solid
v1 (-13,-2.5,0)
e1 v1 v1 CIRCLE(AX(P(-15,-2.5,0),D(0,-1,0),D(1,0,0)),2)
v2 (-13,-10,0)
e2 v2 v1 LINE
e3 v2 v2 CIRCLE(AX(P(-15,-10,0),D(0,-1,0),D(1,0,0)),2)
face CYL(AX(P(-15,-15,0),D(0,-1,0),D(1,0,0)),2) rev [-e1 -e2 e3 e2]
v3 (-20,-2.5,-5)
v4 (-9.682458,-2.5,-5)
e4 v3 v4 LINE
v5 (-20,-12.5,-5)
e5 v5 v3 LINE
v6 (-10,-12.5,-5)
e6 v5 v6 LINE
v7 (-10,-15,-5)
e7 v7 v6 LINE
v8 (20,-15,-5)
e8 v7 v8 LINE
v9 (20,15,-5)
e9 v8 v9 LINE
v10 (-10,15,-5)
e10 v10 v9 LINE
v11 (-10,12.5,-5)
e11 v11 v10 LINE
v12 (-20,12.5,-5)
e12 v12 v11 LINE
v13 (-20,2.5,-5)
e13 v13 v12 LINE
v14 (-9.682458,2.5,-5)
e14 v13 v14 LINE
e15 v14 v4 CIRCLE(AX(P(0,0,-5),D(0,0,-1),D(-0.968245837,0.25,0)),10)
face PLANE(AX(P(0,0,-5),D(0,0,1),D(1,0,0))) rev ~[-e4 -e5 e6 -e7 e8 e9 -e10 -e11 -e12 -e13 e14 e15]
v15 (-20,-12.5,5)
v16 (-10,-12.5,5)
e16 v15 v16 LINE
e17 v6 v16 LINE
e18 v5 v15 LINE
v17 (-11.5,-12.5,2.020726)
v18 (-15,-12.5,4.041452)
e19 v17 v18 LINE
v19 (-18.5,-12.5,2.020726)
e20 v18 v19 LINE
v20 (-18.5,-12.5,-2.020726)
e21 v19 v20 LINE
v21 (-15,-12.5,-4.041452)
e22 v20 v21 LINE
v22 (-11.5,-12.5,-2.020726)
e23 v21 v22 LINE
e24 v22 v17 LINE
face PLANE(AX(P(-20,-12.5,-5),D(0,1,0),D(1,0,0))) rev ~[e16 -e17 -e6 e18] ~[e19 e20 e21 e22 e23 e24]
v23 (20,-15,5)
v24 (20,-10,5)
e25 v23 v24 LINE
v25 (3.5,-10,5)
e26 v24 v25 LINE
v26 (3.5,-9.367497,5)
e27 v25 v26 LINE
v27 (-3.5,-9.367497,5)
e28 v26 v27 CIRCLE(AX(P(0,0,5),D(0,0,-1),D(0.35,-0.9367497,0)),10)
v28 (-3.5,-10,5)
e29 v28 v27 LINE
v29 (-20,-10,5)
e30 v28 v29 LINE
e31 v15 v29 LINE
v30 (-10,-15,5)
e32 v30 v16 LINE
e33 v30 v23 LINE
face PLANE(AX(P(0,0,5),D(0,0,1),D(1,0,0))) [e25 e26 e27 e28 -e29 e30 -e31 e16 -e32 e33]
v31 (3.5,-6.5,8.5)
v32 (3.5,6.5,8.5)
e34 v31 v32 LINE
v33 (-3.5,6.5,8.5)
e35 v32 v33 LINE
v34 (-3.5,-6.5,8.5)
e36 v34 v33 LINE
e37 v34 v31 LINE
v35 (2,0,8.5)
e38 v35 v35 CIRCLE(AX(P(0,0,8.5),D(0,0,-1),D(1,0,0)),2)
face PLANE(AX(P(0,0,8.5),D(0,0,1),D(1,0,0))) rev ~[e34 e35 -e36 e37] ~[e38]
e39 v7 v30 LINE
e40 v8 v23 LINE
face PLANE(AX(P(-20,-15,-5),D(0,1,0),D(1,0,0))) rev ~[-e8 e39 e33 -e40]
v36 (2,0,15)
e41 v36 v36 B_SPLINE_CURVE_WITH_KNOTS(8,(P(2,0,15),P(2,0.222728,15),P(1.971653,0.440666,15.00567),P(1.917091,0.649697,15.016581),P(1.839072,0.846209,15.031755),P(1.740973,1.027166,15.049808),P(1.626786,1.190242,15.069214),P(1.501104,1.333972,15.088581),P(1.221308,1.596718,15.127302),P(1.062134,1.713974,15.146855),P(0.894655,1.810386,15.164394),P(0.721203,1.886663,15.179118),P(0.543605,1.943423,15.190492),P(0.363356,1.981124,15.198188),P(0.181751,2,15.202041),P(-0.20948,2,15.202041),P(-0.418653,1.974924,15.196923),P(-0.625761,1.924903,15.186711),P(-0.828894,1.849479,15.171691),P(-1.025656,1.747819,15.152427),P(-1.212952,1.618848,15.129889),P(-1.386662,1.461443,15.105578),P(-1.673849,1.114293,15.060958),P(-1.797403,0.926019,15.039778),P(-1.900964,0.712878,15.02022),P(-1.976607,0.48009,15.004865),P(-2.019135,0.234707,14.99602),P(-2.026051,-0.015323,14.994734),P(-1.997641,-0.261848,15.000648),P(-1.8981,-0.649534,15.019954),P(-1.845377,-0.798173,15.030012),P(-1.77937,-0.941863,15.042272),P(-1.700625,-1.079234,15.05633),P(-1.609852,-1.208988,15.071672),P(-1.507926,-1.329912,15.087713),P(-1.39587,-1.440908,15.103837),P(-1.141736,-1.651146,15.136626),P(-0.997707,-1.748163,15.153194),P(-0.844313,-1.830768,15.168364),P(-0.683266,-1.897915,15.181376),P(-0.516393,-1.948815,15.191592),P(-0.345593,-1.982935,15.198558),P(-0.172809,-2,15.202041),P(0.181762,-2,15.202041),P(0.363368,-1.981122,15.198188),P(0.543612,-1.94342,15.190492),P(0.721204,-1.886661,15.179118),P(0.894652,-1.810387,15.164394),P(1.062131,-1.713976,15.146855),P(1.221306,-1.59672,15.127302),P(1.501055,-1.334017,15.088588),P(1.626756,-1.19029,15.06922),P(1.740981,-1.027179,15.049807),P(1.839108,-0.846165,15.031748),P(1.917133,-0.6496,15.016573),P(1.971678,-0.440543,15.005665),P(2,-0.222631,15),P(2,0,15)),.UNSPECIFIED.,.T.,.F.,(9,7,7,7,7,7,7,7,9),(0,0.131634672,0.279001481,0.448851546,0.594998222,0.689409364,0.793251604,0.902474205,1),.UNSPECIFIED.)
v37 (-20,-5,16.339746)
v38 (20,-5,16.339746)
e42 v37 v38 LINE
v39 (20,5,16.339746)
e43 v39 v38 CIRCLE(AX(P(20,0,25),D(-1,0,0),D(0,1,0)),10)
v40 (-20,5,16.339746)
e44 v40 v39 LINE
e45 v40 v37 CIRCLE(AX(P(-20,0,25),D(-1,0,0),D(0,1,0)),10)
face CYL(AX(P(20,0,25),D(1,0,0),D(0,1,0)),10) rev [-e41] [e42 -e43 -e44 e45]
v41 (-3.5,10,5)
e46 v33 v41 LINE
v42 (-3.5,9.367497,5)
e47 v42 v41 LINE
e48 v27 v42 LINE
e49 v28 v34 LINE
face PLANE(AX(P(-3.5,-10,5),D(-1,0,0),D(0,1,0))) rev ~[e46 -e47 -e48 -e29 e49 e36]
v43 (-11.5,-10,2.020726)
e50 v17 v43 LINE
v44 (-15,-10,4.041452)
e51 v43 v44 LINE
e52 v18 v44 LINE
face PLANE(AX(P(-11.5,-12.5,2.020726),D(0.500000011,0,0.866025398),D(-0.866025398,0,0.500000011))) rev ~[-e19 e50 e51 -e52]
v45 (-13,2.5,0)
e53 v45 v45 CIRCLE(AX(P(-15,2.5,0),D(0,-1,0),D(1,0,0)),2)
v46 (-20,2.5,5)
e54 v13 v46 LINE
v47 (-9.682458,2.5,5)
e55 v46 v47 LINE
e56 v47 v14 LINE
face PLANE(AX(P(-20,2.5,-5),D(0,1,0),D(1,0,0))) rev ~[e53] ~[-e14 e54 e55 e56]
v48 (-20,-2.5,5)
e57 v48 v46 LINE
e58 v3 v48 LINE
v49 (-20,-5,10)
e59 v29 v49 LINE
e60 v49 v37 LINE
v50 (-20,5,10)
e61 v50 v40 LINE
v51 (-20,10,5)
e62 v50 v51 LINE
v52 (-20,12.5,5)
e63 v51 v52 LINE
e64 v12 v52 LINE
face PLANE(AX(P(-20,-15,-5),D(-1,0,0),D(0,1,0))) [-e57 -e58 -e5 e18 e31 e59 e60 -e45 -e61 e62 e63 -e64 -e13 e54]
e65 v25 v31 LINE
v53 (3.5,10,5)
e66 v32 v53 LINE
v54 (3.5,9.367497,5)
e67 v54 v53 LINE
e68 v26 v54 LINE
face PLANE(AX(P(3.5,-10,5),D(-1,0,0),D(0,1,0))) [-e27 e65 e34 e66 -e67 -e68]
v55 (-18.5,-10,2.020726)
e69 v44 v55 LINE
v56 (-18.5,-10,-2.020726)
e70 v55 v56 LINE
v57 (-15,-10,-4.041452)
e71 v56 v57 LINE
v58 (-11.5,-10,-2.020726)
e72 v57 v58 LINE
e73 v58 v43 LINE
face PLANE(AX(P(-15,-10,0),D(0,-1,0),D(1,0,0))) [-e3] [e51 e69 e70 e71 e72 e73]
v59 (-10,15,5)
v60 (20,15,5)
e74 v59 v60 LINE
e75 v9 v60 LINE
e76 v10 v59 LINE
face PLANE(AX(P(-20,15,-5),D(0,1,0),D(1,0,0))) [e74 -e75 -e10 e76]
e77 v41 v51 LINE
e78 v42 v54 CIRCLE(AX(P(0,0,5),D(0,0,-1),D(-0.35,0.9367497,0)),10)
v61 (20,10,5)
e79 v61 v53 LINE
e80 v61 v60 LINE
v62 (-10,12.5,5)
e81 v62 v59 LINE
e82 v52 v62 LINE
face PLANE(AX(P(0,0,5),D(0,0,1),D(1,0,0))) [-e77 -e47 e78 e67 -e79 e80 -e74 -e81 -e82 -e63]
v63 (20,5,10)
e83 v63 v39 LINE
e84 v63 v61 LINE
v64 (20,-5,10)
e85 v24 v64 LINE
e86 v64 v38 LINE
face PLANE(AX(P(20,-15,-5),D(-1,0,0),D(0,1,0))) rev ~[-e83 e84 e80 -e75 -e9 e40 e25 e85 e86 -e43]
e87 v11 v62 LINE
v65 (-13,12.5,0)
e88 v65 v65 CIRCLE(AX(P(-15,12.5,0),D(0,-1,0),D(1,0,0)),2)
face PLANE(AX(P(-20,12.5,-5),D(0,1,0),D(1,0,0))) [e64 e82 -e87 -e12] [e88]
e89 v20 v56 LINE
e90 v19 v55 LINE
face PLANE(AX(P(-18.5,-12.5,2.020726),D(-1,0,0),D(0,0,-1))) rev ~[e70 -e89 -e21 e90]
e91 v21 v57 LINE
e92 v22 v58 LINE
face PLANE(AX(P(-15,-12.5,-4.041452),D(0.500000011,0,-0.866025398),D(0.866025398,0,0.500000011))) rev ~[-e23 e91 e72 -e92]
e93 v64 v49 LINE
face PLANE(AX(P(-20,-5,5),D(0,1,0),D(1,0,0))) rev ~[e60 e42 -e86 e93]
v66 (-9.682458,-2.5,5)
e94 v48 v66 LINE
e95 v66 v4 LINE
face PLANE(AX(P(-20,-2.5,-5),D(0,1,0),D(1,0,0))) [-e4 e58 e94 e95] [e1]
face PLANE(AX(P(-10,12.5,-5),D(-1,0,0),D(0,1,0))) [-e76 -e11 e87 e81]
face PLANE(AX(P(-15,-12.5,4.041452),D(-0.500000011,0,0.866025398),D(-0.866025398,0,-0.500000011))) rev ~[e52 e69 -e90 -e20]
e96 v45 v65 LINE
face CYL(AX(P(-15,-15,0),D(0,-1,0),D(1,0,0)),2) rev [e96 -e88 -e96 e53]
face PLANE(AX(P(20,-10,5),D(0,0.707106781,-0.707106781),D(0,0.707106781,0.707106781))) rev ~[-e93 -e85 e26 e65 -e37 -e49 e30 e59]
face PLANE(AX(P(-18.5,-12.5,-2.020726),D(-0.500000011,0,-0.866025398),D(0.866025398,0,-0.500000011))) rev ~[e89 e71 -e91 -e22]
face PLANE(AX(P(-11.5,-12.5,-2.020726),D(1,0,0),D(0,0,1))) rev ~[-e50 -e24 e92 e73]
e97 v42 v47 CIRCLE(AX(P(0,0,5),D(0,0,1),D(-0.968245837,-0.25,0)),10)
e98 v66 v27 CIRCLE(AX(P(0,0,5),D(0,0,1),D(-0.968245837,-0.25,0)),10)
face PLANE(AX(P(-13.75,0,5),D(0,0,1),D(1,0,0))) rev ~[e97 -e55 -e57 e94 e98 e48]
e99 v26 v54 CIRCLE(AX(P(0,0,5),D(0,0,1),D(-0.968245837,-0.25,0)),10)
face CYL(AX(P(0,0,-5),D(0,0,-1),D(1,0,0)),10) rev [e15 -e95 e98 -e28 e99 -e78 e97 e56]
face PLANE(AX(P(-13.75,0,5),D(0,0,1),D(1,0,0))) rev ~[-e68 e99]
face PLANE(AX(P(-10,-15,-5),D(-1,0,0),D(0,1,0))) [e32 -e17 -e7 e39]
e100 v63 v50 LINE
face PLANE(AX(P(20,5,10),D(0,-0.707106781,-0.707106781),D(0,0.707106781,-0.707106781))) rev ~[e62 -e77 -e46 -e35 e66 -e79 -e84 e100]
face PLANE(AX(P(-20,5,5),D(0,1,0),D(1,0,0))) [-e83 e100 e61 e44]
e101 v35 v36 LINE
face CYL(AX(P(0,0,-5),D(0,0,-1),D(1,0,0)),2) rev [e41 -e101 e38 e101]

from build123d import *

# Parameters (mm, degrees)
BOX002_W               = 12.5
BOX002_H               = 5
BOX002_DEPTH           = 10
CYLINDER003_R          = 2
CYLINDER003_DEPTH      = 30
CYLINDER003_ROLL_ANGLE = -90
CYLINDER_R             = 2
CYLINDER_DEPTH         = 30
CYLINDER007_R          = 10
CYLINDER007_DEPTH      = 40
BOX008_W               = 10
BOX008_H               = 2.5
BOX008_DEPTH           = 10
BOX009_W               = 10
BOX009_H               = 2.5
BOX009_DEPTH           = 10
PAD_DEPTH              = 2.5
BOX010_W               = 7
BOX010_H               = 20
BOX010_DEPTH           = 3.5
CYLINDER001_R          = 10
CYLINDER001_DEPTH      = 10
PAD001_DEPTH           = 40
BOX007_W               = 40
BOX007_H               = 30
BOX007_DEPTH           = 10
BOX_W                  = 40
BOX_H                  = 10
BOX_DEPTH              = 12


with BuildPart() as screw_gap:
    # Box002 → Box002 (new body)
    with BuildSketch(Plane(origin=(-20, -2.5, -5), x_dir=(1, 0, 0), z_dir=(0, 0, 1))):
        with Locations((6.25, 2.5)):
            Rectangle(BOX002_W, BOX002_H)
    extrude(amount=BOX002_DEPTH)


with BuildPart() as screw:
    # Cylinder003 → Cylinder003 (new body)
    with BuildSketch(Plane.XY):
        Circle(CYLINDER003_R)
    extrude(amount=CYLINDER003_DEPTH)


with BuildPart() as screw_1:
    # Cylinder003 roll: moved
    add(screw.part.rotate(Axis((0, 0, 0), (1, 0, 0)), CYLINDER003_ROLL_ANGLE))


with BuildPart() as screw_2:
    # Cylinder003 placement: moved
    add(screw_1.part.moved(Location((-15, -15, 0))))


with BuildPart() as rail_screw:
    # Cylinder → Cylinder (new body)
    with BuildSketch(Plane.XY.offset(-5)):
        Circle(CYLINDER_R)
    extrude(amount=CYLINDER_DEPTH)


with BuildPart() as rail:
    # Cylinder007 → Cylinder007 (new body)
    with BuildSketch(Plane(origin=(20, 0, 25), x_dir=(0, 1, 0), z_dir=(-1, 0, 0))):
        Circle(CYLINDER007_R)
    extrude(amount=CYLINDER007_DEPTH)


with BuildPart() as screw_gap001:
    # Box008 → Box008 (new body)
    with BuildSketch(Plane(origin=(-20, 12.5, -5), x_dir=(1, 0, 0), z_dir=(0, 0, 1))):
        with Locations((5, 1.25)):
            Rectangle(BOX008_W, BOX008_H)
    extrude(amount=BOX008_DEPTH)


with BuildPart() as screw_gap002:
    # Box009 → Box009 (new body)
    with BuildSketch(Plane(origin=(-20, -15, -5), x_dir=(1, 0, 0), z_dir=(0, 0, 1))):
        with Locations((5, 1.25)):
            Rectangle(BOX009_W, BOX009_H)
    extrude(amount=BOX009_DEPTH)


with BuildPart() as body:
    # Sketch → Pad (new body)
    with BuildSketch(Plane.XZ):
        Polygon((0, -4.041452), (3.5, -2.020726), (3.5, 2.020726), (0, 4.041452), (-3.5, 2.020726), (-3.5, -2.020726), align=None)
    extrude(amount=-PAD_DEPTH)


with BuildPart() as body_1:
    # Body placement: moved
    add(body.part.moved(Location((-15, -12.5, 0))))


with BuildPart() as cube:
    # Box010 → Box010 (new body)
    with BuildSketch(Plane(origin=(-3.5, -10, 5), x_dir=(1, 0, 0), z_dir=(0, 0, 1))):
        with Locations((3.5, 10)):
            Rectangle(BOX010_W, BOX010_H)
    extrude(amount=BOX010_DEPTH)


with BuildPart() as negative_fusion:
    # Cylinder001 → Cylinder001 (new body)
    with BuildSketch(Plane.XY.offset(-5)):
        Circle(CYLINDER001_R)
    extrude(amount=CYLINDER001_DEPTH)

    # Fusion: union Screw Gap, Screw, Rail Screw, Rail, Screw Gap001, Screw Gap002, Body, Cube
    add(screw_gap.part)
    add(screw_2.part)
    add(rail_screw.part)
    add(rail.part)
    add(screw_gap001.part)
    add(screw_gap002.part)
    add(body_1.part)
    add(cube.part)


with BuildPart() as rail_support_prism:
    # Sketch001 → Pad001 (new body)
    with BuildSketch(Plane.YZ):
        Polygon((5, 0), (10, -5), (-10, -5), (-5, 0), align=None)
    extrude(amount=-PAD001_DEPTH)


with BuildPart() as rail_support_prism_1:
    # Body001 placement: moved
    add(rail_support_prism.part.moved(Location((20, 0, 10))))


with BuildPart() as base_cube:
    # Box007 → Box007 (new body)
    with BuildSketch(Plane(origin=(-20, -15, -5), x_dir=(1, 0, 0), z_dir=(0, 0, 1))):
        with Locations((20, 15)):
            Rectangle(BOX007_W, BOX007_H)
    extrude(amount=BOX007_DEPTH)


with BuildPart() as cut:
    # Box → Box (new body)
    with BuildSketch(Plane(origin=(-20, -5, 5), x_dir=(1, 0, 0), z_dir=(0, 0, 1))):
        with Locations((20, 5)):
            Rectangle(BOX_W, BOX_H)
    extrude(amount=BOX_DEPTH)

    # Fusion002: union Rail Support Prism, Base Cube
    add(rail_support_prism_1.part)
    add(base_cube.part)

    # Cut: cut Negative Fusion
    add(negative_fusion.part, mode=Mode.SUBTRACT)


solid = cut.part
